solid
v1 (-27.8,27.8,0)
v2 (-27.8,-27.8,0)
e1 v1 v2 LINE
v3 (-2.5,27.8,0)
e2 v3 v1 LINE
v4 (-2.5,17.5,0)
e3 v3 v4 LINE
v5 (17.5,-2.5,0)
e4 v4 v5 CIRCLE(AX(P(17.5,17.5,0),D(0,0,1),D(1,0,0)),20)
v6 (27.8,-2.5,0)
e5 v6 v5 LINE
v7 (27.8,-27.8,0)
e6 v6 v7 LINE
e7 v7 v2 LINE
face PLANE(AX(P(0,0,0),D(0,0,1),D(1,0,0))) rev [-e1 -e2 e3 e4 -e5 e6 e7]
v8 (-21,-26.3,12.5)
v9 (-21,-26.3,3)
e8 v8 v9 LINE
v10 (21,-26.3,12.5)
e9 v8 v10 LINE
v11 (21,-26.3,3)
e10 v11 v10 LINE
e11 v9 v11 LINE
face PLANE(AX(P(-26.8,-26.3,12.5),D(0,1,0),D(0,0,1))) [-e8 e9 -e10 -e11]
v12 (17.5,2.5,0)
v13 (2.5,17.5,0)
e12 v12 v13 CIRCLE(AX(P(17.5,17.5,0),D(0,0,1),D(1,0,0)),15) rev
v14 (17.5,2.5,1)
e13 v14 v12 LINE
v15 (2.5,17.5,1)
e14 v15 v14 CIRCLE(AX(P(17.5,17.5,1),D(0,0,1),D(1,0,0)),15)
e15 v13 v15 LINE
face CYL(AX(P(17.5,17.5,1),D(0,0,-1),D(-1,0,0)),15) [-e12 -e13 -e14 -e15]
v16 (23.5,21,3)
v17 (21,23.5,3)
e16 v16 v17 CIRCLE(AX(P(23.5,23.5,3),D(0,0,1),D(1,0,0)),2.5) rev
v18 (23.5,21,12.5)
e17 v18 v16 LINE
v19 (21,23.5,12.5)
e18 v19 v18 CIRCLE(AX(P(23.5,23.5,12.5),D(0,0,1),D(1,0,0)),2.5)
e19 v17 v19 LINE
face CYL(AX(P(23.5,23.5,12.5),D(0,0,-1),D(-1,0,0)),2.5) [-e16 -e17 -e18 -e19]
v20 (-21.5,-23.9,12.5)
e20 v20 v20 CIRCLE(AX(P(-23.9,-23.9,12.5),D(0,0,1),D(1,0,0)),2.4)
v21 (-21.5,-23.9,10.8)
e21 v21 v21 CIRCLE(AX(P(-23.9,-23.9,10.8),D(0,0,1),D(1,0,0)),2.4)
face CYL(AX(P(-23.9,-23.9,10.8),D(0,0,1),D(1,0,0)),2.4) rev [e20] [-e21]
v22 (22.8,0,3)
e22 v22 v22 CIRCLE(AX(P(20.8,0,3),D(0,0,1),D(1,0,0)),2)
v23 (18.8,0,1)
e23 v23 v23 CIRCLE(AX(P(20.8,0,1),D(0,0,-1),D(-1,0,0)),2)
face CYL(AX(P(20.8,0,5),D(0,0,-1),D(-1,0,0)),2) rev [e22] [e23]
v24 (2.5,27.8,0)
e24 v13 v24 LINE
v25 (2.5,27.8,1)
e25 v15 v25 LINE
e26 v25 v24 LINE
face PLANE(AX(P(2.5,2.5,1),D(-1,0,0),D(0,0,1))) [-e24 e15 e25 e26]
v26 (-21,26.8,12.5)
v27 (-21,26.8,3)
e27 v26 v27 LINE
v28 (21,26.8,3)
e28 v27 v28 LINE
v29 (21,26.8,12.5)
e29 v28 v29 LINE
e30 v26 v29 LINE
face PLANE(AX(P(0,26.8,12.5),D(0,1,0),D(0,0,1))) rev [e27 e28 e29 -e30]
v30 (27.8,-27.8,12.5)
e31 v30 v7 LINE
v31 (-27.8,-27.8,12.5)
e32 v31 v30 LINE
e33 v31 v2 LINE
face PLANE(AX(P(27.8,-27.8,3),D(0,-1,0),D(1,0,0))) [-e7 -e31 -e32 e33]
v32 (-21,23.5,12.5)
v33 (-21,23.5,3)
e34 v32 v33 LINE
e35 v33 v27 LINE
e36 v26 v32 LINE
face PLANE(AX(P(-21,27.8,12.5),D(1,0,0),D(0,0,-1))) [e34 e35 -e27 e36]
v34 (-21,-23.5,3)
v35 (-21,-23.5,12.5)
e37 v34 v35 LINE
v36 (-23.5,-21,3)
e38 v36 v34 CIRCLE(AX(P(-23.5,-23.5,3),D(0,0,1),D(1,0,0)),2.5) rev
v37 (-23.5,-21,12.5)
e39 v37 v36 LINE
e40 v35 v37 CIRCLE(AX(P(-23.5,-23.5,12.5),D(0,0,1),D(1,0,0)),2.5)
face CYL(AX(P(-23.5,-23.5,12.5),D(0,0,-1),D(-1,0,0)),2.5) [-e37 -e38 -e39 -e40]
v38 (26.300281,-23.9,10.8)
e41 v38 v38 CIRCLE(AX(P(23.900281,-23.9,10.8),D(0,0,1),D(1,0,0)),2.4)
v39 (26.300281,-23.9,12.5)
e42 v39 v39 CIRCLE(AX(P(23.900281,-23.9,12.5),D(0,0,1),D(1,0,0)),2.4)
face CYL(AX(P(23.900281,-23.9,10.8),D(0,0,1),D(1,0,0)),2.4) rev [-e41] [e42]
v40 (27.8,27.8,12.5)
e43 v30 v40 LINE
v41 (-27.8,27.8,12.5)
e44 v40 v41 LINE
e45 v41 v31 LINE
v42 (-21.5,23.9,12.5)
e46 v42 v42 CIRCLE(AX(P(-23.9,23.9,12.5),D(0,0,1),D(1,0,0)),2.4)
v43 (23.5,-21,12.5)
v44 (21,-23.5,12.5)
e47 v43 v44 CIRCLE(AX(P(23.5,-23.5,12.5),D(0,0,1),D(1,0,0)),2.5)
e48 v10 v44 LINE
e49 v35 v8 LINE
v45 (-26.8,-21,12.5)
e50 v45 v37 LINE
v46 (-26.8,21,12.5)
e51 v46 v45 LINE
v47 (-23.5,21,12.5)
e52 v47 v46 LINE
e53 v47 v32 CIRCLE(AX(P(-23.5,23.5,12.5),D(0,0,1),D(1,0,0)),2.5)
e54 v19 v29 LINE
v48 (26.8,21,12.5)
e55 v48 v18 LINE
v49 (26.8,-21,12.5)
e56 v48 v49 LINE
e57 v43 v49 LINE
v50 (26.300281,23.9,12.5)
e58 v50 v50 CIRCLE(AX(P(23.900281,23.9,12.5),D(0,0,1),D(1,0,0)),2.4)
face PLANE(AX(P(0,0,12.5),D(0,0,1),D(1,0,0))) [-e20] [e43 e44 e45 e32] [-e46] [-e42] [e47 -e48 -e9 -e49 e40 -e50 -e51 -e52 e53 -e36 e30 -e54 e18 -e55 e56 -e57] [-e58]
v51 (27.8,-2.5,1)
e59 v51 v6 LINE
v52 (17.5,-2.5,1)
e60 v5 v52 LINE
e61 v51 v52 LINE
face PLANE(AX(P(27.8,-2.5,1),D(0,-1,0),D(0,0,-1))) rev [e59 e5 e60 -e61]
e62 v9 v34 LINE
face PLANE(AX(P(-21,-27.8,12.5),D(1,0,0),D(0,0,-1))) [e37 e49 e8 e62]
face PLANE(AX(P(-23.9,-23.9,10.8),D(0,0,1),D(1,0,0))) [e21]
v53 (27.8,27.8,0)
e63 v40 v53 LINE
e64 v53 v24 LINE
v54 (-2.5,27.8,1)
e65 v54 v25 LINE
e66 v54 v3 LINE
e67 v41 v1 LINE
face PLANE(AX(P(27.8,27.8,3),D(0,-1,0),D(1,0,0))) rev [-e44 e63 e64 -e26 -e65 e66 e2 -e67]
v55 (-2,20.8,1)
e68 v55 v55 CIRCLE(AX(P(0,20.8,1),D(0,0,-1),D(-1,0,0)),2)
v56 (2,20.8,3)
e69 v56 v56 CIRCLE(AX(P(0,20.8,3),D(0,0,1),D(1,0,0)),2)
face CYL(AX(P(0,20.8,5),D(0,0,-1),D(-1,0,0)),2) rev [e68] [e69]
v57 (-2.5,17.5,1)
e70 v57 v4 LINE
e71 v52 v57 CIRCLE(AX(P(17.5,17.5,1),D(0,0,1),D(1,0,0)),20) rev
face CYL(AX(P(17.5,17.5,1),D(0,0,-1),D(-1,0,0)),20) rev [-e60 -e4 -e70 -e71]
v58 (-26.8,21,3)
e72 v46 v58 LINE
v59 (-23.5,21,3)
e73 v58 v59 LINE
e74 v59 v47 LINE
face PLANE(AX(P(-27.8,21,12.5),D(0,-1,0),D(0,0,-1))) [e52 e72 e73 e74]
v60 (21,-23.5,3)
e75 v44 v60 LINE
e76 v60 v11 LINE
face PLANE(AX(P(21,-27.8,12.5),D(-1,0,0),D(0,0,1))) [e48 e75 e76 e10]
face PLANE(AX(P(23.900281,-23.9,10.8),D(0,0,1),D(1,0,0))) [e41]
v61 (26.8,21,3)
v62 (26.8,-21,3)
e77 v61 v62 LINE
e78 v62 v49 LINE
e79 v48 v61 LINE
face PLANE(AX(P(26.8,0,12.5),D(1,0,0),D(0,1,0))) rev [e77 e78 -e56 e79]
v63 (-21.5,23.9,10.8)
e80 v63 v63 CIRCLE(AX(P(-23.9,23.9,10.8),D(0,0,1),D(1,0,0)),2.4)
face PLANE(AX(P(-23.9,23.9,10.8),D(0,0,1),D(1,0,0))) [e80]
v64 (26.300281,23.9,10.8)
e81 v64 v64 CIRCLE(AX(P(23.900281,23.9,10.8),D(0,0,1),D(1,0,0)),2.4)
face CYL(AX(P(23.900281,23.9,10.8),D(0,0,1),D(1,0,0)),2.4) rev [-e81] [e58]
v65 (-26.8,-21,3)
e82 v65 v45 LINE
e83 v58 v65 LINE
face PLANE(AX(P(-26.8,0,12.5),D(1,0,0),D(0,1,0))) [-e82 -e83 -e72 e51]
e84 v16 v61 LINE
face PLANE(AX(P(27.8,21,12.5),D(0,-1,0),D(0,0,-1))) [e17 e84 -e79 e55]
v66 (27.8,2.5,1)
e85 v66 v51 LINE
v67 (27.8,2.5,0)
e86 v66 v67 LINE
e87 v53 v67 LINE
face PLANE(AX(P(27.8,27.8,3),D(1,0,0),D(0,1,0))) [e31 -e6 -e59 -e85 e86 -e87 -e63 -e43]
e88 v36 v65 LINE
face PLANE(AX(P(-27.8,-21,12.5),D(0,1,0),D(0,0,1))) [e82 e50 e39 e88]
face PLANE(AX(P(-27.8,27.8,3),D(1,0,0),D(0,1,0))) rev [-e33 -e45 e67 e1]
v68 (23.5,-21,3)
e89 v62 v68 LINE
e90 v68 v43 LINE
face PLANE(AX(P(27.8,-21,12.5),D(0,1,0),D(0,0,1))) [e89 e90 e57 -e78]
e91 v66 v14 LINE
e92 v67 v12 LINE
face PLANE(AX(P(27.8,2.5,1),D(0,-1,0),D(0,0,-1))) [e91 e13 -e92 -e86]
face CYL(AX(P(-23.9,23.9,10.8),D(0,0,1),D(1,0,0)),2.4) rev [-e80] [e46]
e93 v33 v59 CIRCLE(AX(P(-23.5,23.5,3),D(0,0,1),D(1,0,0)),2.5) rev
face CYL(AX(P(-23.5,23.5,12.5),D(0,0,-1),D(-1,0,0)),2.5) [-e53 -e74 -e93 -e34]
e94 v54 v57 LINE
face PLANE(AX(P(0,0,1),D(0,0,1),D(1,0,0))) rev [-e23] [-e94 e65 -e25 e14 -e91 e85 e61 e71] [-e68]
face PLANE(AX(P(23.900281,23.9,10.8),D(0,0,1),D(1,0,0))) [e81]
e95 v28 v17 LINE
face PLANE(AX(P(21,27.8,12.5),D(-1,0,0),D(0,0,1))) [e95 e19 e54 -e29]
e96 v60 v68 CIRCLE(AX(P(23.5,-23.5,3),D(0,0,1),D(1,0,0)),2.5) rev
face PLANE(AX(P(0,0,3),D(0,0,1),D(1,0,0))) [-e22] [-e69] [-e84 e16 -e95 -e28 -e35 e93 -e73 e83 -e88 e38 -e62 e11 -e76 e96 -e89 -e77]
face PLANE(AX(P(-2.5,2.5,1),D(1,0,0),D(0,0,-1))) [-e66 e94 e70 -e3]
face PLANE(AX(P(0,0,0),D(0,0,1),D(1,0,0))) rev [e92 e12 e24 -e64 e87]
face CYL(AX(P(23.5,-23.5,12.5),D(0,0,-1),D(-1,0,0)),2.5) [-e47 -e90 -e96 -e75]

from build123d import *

# Parameters (mm, degrees)
SKICA1_W                 = 55.6
SKICA1_H                 = 55.6
P_IDAT_VYSUNUT_M2_DEPTH  = 3
SKICA5_W                 = 5
SKICA5_H                 = 25.3
ODEBRAT_VYSUNUT_M3_DEPTH = 1
SKICA14_W                = 53.6
SKICA14_H                = 1.5
P_IDAT_VYSUNUT_M9_DEPTH  = 9.5
SKICA17_R                = 2
ODEBRAT_VYSUNUT_M8_DEPTH = 4
SKICA19_W                = 6.8
SKICA19_H                = 6.8
P_IDAT_VYSUNUT_M10_DEPTH = 12.5
SKICA20_R                = 2.4
ODEBRAT_VYSUNUT_M9_DEPTH = 1.7
ZAOBLIT1_R               = 2.5
ZAOBLIT2_R               = 15
ZAOBLIT3_R               = 20


with BuildPart() as part:
    # Skica1 → Přidat vysunutím2 (new body)
    with BuildSketch(Plane.XY):
        Rectangle(SKICA1_W, SKICA1_H)
    extrude(amount=P_IDAT_VYSUNUT_M2_DEPTH)

    # Skica5 → Odebrat vysunutím3 (cut)
    with BuildSketch(Plane(origin=(0, 0, 0), x_dir=(-1, 0, 0), z_dir=(0, 0, -1))):
        Polygon((-2.5, 2.5), (-27.8, 2.5), (-27.8, -2.5), (2.5, -2.5), (2.5, 2.5), align=None)
        with Locations((0, 15.15)):
            Rectangle(SKICA5_W, SKICA5_H)
    extrude(amount=-ODEBRAT_VYSUNUT_M3_DEPTH, mode=Mode.SUBTRACT)

    # Skica14 → Přidat vysunutím9 (add)
    with BuildSketch(Plane.XY.offset(3)):
        Polygon((27.8, 27.8), (-27.8, 27.8), (-27.8, -27.8), (-26.8, -27.8), (-26.8, -26.8), (-26.8, -26.3), (-26.8, 26.8), (26.8, 26.8), (26.8, -26.3), (26.8, -27.8), (27.8, -27.8), align=None)
        with Locations((0, -27.05)):
            Rectangle(SKICA14_W, SKICA14_H)
    extrude(amount=P_IDAT_VYSUNUT_M9_DEPTH)

    # Skica17 → Odebrat vysunutím8 (cut)
    with BuildSketch(Plane(origin=(0, 0, 1), x_dir=(-1, 0, 0), z_dir=(0, 0, -1))):
        with Locations((-20.8, 0)):
            Circle(SKICA17_R)
        with Locations((0, 20.8)):
            Circle(SKICA17_R)
    extrude(amount=-ODEBRAT_VYSUNUT_M8_DEPTH, mode=Mode.SUBTRACT)

    # Skica19 → Přidat vysunutím10 (add)
    with BuildSketch(Plane(origin=(0, 0, 0), x_dir=(-1, 0, 0), z_dir=(0, 0, -1))):
        with Locations((-24.4, 24.4)):
            Rectangle(SKICA19_W, SKICA19_H)
        with Locations((24.4, 24.4)):
            Rectangle(SKICA19_W, SKICA19_H)
        with Locations((-24.4, -24.4)):
            Rectangle(SKICA19_W, SKICA19_H)
        with Locations((24.4, -24.4)):
            Rectangle(SKICA19_W, SKICA19_H)
    extrude(amount=-P_IDAT_VYSUNUT_M10_DEPTH)

    # Skica20 → Odebrat vysunutím9 (cut)
    with BuildSketch(Plane.XY.offset(12.5)):
        with Locations((-23.9, -23.9)):
            Circle(SKICA20_R)
        with Locations((-23.9, 23.9)):
            Circle(SKICA20_R)
        with Locations((23.900280565, 23.9)):
            Circle(SKICA20_R)
        with Locations((23.900280565, -23.9)):
            Circle(SKICA20_R)
    extrude(amount=-ODEBRAT_VYSUNUT_M9_DEPTH, mode=Mode.SUBTRACT)

    # Zaoblit1
    zaoblit1_edges = [part.edges().sort_by_distance(p)[0] for p in [
        (-21, 21, 7.75),
        (21, -21, 7.75),
        (-21, -21, 7.75),
        (21, 21, 7.75),
    ]]
    fillet(zaoblit1_edges, radius=ZAOBLIT1_R)

    # Zaoblit2
    zaoblit2_edges = [part.edges().sort_by_distance(p)[0] for p in [
        (2.5, 2.5, 0.5),
    ]]
    fillet(zaoblit2_edges, radius=ZAOBLIT2_R)

    # Zaoblit3
    zaoblit3_edges = [part.edges().sort_by_distance(p)[0] for p in [
        (-2.5, -2.5, 0.5),
    ]]
    fillet(zaoblit3_edges, radius=ZAOBLIT3_R)


solid = part.part
